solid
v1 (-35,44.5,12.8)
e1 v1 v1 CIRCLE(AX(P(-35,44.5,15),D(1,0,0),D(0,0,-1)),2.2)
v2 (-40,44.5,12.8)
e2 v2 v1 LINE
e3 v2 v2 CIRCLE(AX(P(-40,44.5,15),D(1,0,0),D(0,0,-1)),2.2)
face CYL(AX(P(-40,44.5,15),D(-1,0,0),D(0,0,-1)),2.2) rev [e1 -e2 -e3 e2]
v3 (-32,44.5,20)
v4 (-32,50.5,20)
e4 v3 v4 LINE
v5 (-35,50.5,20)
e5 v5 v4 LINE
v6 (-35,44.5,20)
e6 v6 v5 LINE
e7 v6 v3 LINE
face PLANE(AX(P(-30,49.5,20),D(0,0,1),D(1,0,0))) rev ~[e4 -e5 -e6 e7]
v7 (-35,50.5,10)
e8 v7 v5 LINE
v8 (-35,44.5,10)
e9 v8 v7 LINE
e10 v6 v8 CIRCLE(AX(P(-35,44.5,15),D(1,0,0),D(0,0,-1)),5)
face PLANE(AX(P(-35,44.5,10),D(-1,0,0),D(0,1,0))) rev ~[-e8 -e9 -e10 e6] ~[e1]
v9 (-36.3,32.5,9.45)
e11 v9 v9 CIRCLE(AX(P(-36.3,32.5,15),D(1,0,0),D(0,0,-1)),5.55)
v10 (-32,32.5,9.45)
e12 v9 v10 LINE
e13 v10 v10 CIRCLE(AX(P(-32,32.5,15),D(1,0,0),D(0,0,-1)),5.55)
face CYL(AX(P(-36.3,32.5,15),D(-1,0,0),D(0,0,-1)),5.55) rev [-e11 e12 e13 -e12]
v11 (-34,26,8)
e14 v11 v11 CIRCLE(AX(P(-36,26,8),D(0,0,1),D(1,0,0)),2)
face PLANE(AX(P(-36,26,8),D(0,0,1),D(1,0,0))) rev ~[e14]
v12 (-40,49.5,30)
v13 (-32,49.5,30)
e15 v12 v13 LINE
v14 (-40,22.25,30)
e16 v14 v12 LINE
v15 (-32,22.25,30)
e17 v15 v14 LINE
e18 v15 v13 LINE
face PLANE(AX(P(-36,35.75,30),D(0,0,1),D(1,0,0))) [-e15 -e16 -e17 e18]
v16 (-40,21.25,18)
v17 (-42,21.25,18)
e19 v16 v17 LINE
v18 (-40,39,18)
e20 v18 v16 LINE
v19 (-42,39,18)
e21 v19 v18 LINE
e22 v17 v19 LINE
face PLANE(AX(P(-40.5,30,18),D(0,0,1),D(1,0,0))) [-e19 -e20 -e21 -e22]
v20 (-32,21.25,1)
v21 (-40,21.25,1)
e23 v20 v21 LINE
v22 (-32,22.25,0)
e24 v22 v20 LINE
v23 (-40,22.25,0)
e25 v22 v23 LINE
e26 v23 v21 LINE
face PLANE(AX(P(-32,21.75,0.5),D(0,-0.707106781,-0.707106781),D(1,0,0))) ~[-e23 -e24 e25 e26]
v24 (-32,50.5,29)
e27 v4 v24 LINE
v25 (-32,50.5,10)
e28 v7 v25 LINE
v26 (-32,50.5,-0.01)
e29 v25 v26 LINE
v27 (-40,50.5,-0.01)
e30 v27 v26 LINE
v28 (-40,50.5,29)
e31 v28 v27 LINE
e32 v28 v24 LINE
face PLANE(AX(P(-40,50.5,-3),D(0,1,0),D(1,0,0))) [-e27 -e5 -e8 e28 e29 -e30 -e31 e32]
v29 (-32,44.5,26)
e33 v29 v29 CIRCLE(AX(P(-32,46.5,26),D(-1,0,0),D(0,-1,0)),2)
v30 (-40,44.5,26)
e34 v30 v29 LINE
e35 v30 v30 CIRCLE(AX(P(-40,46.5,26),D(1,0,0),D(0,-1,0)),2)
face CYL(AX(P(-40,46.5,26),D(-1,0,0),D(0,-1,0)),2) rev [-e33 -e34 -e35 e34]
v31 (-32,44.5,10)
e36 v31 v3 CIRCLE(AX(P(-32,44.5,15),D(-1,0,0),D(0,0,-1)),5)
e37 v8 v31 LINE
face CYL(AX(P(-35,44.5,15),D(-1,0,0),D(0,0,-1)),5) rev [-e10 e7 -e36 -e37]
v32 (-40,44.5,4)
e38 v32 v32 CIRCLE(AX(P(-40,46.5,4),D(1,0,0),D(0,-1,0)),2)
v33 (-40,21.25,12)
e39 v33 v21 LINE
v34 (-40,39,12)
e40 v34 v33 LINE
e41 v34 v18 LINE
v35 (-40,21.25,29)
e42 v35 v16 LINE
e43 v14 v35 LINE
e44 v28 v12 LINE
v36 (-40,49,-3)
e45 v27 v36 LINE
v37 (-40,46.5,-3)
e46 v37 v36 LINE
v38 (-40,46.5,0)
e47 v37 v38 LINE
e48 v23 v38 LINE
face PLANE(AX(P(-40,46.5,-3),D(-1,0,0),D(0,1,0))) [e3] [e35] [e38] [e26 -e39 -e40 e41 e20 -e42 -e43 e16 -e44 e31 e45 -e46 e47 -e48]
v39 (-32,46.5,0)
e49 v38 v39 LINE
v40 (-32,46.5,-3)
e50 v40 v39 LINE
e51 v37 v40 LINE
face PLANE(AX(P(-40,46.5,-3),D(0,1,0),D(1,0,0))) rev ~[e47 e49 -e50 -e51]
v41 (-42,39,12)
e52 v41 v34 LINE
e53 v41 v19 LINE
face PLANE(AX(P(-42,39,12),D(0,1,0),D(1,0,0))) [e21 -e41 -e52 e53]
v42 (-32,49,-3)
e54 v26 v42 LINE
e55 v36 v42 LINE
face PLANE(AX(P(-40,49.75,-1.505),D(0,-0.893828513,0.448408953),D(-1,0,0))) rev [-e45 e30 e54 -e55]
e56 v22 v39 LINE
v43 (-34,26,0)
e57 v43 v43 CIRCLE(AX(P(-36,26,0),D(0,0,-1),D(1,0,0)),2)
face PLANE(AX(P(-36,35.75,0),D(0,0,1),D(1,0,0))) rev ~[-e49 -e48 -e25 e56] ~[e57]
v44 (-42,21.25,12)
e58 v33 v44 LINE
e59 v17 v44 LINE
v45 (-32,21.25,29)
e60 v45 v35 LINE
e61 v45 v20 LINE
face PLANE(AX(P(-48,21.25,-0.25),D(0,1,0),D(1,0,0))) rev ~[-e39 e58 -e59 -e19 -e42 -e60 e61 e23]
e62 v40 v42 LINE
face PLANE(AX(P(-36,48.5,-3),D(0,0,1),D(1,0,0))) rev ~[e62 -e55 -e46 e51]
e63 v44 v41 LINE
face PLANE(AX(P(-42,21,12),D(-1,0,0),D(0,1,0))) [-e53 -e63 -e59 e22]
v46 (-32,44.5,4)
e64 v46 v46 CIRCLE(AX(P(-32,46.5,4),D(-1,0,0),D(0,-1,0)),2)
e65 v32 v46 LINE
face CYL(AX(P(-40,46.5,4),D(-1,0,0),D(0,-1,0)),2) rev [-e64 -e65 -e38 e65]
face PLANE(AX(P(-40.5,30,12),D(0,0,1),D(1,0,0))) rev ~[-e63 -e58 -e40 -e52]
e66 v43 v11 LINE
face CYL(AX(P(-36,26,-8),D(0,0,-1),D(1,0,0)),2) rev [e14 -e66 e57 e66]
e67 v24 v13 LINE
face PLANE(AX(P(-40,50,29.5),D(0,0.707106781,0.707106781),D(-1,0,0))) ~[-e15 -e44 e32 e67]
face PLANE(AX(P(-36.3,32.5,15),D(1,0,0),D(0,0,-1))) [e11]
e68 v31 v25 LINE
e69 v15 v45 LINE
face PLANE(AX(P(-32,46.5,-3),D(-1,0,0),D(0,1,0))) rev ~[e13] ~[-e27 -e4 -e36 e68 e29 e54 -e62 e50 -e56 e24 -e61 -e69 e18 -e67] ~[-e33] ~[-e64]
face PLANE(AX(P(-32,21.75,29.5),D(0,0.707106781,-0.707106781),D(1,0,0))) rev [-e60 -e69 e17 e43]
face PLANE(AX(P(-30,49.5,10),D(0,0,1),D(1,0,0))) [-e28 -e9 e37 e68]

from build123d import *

# Parameters (mm, degrees)
BOX033_W               = 40.5
BOX033_H               = 42.5
BOX033_DEPTH           = 42.5
CYLINDER006_R          = 3.25
CYLINDER006_DEPTH      = 12
CYLINDER005_R          = 5.55
CYLINDER005_DEPTH      = 4.3
CYLINDER008_R          = 2
CYLINDER008_DEPTH      = 16
BOX005_W               = 8
BOX005_H               = 4
BOX005_DEPTH           = 3
CYLINDER014_R          = 2
CYLINDER014_DEPTH      = 9
CYLINDER011043_R       = 2
CYLINDER011043_DEPTH   = 9
CYLINDER002_R          = 2.2
CYLINDER002_DEPTH      = 25
CYLINDER_R             = 5
CYLINDER_DEPTH         = 7
BOX006_W               = 10
BOX006_H               = 10
BOX006_DEPTH           = 10
BOX004_W               = 8
BOX004_H               = 29.5
BOX004_DEPTH           = 30
BOX007_W               = 3
BOX007_H               = 18
BOX007_DEPTH           = 6
CHAMFER024034003_SIZE2 = 1.5
CHAMFER024034003_SIZE  = 2.99
CHAMFER024034004_SIZE  = 1


with BuildPart() as cube032:
    # Box033 → Box033 (new body)
    with BuildSketch(Plane(origin=(-48, -21.25, -0.25), x_dir=(1, 0, 0), z_dir=(0, 0, 1))):
        with Locations((20.25, 21.25)):
            Rectangle(BOX033_W, BOX033_H)
    extrude(amount=BOX033_DEPTH)


with BuildPart() as cylinder006:
    # Cylinder006 → Cylinder006 (new body)
    with BuildSketch(Plane(origin=(-31, 31, 15), x_dir=(0, 0, -1), z_dir=(1, 0, 0))):
        Circle(CYLINDER006_R)
    extrude(amount=CYLINDER006_DEPTH)


with BuildPart() as fusion006002011004053005:
    # Cylinder005 → Cylinder005 (new body)
    with BuildSketch(Plane(origin=(-36.3, 31, 15), x_dir=(0, 0, -1), z_dir=(1, 0, 0))):
        Circle(CYLINDER005_R)
    extrude(amount=CYLINDER005_DEPTH)

    # Fusion006002011004053005: union Cylinder006
    add(cylinder006.part)


with BuildPart() as fusion006002011004053005_1:
    # Fusion006002011004053005 placement: moved
    add(fusion006002011004053005.part.moved(Location((0, 1.5, 0))))


with BuildPart() as cylinder008:
    # Cylinder008 → Cylinder008 (new body)
    with BuildSketch(Plane(origin=(-36, 26, -8), x_dir=(1, 0, 0), z_dir=(0, 0, 1))):
        Circle(CYLINDER008_R)
    extrude(amount=CYLINDER008_DEPTH)


with BuildPart() as cube:
    # Box005 → Box005 (new body)
    with BuildSketch(Plane(origin=(-40, 46.5, -3), x_dir=(1, 0, 0), z_dir=(0, 0, 1))):
        with Locations((4, 2)):
            Rectangle(BOX005_W, BOX005_H)
    extrude(amount=BOX005_DEPTH)


with BuildPart() as cylinder014:
    # Cylinder014 → Cylinder014 (new body)
    with BuildSketch(Plane(origin=(-31, 45, 4), x_dir=(0, -1, 0), z_dir=(1, 0, 0))):
        Circle(CYLINDER014_R)
    extrude(amount=CYLINDER014_DEPTH)


with BuildPart() as fusion006002011004053002:
    # Cylinder011043 → Cylinder011043 (new body)
    with BuildSketch(Plane(origin=(-31, 45, 26), x_dir=(0, -1, 0), z_dir=(1, 0, 0))):
        Circle(CYLINDER011043_R)
    extrude(amount=CYLINDER011043_DEPTH)

    # Fusion006002011004053002: union Cylinder014
    add(cylinder014.part)


with BuildPart() as fusion006002011004053002_1:
    # Fusion006002011004053002 placement: moved
    add(fusion006002011004053002.part.moved(Location((-9, 1.5, 0))))


with BuildPart() as cylinder002:
    # Cylinder002 → Cylinder002 (new body)
    with BuildSketch(Plane(origin=(-40, 43, 15), x_dir=(0, 0, -1), z_dir=(1, 0, 0))):
        Circle(CYLINDER002_R)
    extrude(amount=CYLINDER002_DEPTH)


with BuildPart() as cylinder:
    # Cylinder → Cylinder (new body)
    with BuildSketch(Plane(origin=(-35, 43, 15), x_dir=(0, 0, -1), z_dir=(1, 0, 0))):
        Circle(CYLINDER_R)
    extrude(amount=CYLINDER_DEPTH)


with BuildPart() as fusion006002011004053003:
    # Box006 → Box006 (new body)
    with BuildSketch(Plane(origin=(-35, 43, 10), x_dir=(1, 0, 0), z_dir=(0, 0, 1))):
        with Locations((5, 5)):
            Rectangle(BOX006_W, BOX006_H)
    extrude(amount=BOX006_DEPTH)

    # Fusion006002011004053003: union Cylinder002, Cylinder
    add(cylinder002.part)
    add(cylinder.part)


with BuildPart() as fusion006002011004053003_1:
    # Fusion006002011004053003 placement: moved
    add(fusion006002011004053003.part.moved(Location((0, 1.5, 0))))


with BuildPart() as cut001063008008:
    # Box004 → Box004 (new body)
    with BuildSketch(Plane(origin=(-40, 21, 0), x_dir=(1, 0, 0), z_dir=(0, 0, 1))):
        with Locations((4, 14.75)):
            Rectangle(BOX004_W, BOX004_H)
    extrude(amount=BOX004_DEPTH)

    # Cut: cut Fusion006002011004053003
    add(fusion006002011004053003_1.part, mode=Mode.SUBTRACT)

    # Cut001063008002: cut Fusion006002011004053002
    add(fusion006002011004053002_1.part, mode=Mode.SUBTRACT)

    # Fusion006002011004053004: union Cube
    add(cube.part)

    # Cut001063008003: cut Cylinder008
    add(cylinder008.part, mode=Mode.SUBTRACT)

    # Cut001063008008: cut Fusion006002011004053005
    add(fusion006002011004053005_1.part, mode=Mode.SUBTRACT)


with BuildPart() as back_plate_basic:
    # Box007 → Box007 (new body)
    with BuildSketch(Plane(origin=(-42, 21, 12), x_dir=(1, 0, 0), z_dir=(0, 0, 1))):
        with Locations((1.5, 9)):
            Rectangle(BOX007_W, BOX007_H)
    extrude(amount=BOX007_DEPTH)

    # Fusion006002011004053014: union Cut001063008008
    add(cut001063008008.part)

    # Cut001063008009005: cut Cube032
    add(cube032.part, mode=Mode.SUBTRACT)

    # Chamfer024034003
    chamfer024034003_edges = [back_plate_basic.edges().sort_by_distance(p)[0] for p in [
        (-36, 50.5, -3),
    ]]
    chamfer024034003_side = back_plate_basic.faces().sort_by_distance((-36, 50.5, -1.5))[0]
    chamfer(chamfer024034003_edges, length=CHAMFER024034003_SIZE, length2=CHAMFER024034003_SIZE2, reference=chamfer024034003_side)

    # Chamfer024034004
    chamfer024034004_edges = [back_plate_basic.edges().sort_by_distance(p)[0] for p in [
        (-36, 50.5, 30),
        (-36, 21.25, 0),
        (-36, 21.25, 30),
    ]]
    chamfer(chamfer024034004_edges, length=CHAMFER024034004_SIZE)


solid = back_plate_basic.part
